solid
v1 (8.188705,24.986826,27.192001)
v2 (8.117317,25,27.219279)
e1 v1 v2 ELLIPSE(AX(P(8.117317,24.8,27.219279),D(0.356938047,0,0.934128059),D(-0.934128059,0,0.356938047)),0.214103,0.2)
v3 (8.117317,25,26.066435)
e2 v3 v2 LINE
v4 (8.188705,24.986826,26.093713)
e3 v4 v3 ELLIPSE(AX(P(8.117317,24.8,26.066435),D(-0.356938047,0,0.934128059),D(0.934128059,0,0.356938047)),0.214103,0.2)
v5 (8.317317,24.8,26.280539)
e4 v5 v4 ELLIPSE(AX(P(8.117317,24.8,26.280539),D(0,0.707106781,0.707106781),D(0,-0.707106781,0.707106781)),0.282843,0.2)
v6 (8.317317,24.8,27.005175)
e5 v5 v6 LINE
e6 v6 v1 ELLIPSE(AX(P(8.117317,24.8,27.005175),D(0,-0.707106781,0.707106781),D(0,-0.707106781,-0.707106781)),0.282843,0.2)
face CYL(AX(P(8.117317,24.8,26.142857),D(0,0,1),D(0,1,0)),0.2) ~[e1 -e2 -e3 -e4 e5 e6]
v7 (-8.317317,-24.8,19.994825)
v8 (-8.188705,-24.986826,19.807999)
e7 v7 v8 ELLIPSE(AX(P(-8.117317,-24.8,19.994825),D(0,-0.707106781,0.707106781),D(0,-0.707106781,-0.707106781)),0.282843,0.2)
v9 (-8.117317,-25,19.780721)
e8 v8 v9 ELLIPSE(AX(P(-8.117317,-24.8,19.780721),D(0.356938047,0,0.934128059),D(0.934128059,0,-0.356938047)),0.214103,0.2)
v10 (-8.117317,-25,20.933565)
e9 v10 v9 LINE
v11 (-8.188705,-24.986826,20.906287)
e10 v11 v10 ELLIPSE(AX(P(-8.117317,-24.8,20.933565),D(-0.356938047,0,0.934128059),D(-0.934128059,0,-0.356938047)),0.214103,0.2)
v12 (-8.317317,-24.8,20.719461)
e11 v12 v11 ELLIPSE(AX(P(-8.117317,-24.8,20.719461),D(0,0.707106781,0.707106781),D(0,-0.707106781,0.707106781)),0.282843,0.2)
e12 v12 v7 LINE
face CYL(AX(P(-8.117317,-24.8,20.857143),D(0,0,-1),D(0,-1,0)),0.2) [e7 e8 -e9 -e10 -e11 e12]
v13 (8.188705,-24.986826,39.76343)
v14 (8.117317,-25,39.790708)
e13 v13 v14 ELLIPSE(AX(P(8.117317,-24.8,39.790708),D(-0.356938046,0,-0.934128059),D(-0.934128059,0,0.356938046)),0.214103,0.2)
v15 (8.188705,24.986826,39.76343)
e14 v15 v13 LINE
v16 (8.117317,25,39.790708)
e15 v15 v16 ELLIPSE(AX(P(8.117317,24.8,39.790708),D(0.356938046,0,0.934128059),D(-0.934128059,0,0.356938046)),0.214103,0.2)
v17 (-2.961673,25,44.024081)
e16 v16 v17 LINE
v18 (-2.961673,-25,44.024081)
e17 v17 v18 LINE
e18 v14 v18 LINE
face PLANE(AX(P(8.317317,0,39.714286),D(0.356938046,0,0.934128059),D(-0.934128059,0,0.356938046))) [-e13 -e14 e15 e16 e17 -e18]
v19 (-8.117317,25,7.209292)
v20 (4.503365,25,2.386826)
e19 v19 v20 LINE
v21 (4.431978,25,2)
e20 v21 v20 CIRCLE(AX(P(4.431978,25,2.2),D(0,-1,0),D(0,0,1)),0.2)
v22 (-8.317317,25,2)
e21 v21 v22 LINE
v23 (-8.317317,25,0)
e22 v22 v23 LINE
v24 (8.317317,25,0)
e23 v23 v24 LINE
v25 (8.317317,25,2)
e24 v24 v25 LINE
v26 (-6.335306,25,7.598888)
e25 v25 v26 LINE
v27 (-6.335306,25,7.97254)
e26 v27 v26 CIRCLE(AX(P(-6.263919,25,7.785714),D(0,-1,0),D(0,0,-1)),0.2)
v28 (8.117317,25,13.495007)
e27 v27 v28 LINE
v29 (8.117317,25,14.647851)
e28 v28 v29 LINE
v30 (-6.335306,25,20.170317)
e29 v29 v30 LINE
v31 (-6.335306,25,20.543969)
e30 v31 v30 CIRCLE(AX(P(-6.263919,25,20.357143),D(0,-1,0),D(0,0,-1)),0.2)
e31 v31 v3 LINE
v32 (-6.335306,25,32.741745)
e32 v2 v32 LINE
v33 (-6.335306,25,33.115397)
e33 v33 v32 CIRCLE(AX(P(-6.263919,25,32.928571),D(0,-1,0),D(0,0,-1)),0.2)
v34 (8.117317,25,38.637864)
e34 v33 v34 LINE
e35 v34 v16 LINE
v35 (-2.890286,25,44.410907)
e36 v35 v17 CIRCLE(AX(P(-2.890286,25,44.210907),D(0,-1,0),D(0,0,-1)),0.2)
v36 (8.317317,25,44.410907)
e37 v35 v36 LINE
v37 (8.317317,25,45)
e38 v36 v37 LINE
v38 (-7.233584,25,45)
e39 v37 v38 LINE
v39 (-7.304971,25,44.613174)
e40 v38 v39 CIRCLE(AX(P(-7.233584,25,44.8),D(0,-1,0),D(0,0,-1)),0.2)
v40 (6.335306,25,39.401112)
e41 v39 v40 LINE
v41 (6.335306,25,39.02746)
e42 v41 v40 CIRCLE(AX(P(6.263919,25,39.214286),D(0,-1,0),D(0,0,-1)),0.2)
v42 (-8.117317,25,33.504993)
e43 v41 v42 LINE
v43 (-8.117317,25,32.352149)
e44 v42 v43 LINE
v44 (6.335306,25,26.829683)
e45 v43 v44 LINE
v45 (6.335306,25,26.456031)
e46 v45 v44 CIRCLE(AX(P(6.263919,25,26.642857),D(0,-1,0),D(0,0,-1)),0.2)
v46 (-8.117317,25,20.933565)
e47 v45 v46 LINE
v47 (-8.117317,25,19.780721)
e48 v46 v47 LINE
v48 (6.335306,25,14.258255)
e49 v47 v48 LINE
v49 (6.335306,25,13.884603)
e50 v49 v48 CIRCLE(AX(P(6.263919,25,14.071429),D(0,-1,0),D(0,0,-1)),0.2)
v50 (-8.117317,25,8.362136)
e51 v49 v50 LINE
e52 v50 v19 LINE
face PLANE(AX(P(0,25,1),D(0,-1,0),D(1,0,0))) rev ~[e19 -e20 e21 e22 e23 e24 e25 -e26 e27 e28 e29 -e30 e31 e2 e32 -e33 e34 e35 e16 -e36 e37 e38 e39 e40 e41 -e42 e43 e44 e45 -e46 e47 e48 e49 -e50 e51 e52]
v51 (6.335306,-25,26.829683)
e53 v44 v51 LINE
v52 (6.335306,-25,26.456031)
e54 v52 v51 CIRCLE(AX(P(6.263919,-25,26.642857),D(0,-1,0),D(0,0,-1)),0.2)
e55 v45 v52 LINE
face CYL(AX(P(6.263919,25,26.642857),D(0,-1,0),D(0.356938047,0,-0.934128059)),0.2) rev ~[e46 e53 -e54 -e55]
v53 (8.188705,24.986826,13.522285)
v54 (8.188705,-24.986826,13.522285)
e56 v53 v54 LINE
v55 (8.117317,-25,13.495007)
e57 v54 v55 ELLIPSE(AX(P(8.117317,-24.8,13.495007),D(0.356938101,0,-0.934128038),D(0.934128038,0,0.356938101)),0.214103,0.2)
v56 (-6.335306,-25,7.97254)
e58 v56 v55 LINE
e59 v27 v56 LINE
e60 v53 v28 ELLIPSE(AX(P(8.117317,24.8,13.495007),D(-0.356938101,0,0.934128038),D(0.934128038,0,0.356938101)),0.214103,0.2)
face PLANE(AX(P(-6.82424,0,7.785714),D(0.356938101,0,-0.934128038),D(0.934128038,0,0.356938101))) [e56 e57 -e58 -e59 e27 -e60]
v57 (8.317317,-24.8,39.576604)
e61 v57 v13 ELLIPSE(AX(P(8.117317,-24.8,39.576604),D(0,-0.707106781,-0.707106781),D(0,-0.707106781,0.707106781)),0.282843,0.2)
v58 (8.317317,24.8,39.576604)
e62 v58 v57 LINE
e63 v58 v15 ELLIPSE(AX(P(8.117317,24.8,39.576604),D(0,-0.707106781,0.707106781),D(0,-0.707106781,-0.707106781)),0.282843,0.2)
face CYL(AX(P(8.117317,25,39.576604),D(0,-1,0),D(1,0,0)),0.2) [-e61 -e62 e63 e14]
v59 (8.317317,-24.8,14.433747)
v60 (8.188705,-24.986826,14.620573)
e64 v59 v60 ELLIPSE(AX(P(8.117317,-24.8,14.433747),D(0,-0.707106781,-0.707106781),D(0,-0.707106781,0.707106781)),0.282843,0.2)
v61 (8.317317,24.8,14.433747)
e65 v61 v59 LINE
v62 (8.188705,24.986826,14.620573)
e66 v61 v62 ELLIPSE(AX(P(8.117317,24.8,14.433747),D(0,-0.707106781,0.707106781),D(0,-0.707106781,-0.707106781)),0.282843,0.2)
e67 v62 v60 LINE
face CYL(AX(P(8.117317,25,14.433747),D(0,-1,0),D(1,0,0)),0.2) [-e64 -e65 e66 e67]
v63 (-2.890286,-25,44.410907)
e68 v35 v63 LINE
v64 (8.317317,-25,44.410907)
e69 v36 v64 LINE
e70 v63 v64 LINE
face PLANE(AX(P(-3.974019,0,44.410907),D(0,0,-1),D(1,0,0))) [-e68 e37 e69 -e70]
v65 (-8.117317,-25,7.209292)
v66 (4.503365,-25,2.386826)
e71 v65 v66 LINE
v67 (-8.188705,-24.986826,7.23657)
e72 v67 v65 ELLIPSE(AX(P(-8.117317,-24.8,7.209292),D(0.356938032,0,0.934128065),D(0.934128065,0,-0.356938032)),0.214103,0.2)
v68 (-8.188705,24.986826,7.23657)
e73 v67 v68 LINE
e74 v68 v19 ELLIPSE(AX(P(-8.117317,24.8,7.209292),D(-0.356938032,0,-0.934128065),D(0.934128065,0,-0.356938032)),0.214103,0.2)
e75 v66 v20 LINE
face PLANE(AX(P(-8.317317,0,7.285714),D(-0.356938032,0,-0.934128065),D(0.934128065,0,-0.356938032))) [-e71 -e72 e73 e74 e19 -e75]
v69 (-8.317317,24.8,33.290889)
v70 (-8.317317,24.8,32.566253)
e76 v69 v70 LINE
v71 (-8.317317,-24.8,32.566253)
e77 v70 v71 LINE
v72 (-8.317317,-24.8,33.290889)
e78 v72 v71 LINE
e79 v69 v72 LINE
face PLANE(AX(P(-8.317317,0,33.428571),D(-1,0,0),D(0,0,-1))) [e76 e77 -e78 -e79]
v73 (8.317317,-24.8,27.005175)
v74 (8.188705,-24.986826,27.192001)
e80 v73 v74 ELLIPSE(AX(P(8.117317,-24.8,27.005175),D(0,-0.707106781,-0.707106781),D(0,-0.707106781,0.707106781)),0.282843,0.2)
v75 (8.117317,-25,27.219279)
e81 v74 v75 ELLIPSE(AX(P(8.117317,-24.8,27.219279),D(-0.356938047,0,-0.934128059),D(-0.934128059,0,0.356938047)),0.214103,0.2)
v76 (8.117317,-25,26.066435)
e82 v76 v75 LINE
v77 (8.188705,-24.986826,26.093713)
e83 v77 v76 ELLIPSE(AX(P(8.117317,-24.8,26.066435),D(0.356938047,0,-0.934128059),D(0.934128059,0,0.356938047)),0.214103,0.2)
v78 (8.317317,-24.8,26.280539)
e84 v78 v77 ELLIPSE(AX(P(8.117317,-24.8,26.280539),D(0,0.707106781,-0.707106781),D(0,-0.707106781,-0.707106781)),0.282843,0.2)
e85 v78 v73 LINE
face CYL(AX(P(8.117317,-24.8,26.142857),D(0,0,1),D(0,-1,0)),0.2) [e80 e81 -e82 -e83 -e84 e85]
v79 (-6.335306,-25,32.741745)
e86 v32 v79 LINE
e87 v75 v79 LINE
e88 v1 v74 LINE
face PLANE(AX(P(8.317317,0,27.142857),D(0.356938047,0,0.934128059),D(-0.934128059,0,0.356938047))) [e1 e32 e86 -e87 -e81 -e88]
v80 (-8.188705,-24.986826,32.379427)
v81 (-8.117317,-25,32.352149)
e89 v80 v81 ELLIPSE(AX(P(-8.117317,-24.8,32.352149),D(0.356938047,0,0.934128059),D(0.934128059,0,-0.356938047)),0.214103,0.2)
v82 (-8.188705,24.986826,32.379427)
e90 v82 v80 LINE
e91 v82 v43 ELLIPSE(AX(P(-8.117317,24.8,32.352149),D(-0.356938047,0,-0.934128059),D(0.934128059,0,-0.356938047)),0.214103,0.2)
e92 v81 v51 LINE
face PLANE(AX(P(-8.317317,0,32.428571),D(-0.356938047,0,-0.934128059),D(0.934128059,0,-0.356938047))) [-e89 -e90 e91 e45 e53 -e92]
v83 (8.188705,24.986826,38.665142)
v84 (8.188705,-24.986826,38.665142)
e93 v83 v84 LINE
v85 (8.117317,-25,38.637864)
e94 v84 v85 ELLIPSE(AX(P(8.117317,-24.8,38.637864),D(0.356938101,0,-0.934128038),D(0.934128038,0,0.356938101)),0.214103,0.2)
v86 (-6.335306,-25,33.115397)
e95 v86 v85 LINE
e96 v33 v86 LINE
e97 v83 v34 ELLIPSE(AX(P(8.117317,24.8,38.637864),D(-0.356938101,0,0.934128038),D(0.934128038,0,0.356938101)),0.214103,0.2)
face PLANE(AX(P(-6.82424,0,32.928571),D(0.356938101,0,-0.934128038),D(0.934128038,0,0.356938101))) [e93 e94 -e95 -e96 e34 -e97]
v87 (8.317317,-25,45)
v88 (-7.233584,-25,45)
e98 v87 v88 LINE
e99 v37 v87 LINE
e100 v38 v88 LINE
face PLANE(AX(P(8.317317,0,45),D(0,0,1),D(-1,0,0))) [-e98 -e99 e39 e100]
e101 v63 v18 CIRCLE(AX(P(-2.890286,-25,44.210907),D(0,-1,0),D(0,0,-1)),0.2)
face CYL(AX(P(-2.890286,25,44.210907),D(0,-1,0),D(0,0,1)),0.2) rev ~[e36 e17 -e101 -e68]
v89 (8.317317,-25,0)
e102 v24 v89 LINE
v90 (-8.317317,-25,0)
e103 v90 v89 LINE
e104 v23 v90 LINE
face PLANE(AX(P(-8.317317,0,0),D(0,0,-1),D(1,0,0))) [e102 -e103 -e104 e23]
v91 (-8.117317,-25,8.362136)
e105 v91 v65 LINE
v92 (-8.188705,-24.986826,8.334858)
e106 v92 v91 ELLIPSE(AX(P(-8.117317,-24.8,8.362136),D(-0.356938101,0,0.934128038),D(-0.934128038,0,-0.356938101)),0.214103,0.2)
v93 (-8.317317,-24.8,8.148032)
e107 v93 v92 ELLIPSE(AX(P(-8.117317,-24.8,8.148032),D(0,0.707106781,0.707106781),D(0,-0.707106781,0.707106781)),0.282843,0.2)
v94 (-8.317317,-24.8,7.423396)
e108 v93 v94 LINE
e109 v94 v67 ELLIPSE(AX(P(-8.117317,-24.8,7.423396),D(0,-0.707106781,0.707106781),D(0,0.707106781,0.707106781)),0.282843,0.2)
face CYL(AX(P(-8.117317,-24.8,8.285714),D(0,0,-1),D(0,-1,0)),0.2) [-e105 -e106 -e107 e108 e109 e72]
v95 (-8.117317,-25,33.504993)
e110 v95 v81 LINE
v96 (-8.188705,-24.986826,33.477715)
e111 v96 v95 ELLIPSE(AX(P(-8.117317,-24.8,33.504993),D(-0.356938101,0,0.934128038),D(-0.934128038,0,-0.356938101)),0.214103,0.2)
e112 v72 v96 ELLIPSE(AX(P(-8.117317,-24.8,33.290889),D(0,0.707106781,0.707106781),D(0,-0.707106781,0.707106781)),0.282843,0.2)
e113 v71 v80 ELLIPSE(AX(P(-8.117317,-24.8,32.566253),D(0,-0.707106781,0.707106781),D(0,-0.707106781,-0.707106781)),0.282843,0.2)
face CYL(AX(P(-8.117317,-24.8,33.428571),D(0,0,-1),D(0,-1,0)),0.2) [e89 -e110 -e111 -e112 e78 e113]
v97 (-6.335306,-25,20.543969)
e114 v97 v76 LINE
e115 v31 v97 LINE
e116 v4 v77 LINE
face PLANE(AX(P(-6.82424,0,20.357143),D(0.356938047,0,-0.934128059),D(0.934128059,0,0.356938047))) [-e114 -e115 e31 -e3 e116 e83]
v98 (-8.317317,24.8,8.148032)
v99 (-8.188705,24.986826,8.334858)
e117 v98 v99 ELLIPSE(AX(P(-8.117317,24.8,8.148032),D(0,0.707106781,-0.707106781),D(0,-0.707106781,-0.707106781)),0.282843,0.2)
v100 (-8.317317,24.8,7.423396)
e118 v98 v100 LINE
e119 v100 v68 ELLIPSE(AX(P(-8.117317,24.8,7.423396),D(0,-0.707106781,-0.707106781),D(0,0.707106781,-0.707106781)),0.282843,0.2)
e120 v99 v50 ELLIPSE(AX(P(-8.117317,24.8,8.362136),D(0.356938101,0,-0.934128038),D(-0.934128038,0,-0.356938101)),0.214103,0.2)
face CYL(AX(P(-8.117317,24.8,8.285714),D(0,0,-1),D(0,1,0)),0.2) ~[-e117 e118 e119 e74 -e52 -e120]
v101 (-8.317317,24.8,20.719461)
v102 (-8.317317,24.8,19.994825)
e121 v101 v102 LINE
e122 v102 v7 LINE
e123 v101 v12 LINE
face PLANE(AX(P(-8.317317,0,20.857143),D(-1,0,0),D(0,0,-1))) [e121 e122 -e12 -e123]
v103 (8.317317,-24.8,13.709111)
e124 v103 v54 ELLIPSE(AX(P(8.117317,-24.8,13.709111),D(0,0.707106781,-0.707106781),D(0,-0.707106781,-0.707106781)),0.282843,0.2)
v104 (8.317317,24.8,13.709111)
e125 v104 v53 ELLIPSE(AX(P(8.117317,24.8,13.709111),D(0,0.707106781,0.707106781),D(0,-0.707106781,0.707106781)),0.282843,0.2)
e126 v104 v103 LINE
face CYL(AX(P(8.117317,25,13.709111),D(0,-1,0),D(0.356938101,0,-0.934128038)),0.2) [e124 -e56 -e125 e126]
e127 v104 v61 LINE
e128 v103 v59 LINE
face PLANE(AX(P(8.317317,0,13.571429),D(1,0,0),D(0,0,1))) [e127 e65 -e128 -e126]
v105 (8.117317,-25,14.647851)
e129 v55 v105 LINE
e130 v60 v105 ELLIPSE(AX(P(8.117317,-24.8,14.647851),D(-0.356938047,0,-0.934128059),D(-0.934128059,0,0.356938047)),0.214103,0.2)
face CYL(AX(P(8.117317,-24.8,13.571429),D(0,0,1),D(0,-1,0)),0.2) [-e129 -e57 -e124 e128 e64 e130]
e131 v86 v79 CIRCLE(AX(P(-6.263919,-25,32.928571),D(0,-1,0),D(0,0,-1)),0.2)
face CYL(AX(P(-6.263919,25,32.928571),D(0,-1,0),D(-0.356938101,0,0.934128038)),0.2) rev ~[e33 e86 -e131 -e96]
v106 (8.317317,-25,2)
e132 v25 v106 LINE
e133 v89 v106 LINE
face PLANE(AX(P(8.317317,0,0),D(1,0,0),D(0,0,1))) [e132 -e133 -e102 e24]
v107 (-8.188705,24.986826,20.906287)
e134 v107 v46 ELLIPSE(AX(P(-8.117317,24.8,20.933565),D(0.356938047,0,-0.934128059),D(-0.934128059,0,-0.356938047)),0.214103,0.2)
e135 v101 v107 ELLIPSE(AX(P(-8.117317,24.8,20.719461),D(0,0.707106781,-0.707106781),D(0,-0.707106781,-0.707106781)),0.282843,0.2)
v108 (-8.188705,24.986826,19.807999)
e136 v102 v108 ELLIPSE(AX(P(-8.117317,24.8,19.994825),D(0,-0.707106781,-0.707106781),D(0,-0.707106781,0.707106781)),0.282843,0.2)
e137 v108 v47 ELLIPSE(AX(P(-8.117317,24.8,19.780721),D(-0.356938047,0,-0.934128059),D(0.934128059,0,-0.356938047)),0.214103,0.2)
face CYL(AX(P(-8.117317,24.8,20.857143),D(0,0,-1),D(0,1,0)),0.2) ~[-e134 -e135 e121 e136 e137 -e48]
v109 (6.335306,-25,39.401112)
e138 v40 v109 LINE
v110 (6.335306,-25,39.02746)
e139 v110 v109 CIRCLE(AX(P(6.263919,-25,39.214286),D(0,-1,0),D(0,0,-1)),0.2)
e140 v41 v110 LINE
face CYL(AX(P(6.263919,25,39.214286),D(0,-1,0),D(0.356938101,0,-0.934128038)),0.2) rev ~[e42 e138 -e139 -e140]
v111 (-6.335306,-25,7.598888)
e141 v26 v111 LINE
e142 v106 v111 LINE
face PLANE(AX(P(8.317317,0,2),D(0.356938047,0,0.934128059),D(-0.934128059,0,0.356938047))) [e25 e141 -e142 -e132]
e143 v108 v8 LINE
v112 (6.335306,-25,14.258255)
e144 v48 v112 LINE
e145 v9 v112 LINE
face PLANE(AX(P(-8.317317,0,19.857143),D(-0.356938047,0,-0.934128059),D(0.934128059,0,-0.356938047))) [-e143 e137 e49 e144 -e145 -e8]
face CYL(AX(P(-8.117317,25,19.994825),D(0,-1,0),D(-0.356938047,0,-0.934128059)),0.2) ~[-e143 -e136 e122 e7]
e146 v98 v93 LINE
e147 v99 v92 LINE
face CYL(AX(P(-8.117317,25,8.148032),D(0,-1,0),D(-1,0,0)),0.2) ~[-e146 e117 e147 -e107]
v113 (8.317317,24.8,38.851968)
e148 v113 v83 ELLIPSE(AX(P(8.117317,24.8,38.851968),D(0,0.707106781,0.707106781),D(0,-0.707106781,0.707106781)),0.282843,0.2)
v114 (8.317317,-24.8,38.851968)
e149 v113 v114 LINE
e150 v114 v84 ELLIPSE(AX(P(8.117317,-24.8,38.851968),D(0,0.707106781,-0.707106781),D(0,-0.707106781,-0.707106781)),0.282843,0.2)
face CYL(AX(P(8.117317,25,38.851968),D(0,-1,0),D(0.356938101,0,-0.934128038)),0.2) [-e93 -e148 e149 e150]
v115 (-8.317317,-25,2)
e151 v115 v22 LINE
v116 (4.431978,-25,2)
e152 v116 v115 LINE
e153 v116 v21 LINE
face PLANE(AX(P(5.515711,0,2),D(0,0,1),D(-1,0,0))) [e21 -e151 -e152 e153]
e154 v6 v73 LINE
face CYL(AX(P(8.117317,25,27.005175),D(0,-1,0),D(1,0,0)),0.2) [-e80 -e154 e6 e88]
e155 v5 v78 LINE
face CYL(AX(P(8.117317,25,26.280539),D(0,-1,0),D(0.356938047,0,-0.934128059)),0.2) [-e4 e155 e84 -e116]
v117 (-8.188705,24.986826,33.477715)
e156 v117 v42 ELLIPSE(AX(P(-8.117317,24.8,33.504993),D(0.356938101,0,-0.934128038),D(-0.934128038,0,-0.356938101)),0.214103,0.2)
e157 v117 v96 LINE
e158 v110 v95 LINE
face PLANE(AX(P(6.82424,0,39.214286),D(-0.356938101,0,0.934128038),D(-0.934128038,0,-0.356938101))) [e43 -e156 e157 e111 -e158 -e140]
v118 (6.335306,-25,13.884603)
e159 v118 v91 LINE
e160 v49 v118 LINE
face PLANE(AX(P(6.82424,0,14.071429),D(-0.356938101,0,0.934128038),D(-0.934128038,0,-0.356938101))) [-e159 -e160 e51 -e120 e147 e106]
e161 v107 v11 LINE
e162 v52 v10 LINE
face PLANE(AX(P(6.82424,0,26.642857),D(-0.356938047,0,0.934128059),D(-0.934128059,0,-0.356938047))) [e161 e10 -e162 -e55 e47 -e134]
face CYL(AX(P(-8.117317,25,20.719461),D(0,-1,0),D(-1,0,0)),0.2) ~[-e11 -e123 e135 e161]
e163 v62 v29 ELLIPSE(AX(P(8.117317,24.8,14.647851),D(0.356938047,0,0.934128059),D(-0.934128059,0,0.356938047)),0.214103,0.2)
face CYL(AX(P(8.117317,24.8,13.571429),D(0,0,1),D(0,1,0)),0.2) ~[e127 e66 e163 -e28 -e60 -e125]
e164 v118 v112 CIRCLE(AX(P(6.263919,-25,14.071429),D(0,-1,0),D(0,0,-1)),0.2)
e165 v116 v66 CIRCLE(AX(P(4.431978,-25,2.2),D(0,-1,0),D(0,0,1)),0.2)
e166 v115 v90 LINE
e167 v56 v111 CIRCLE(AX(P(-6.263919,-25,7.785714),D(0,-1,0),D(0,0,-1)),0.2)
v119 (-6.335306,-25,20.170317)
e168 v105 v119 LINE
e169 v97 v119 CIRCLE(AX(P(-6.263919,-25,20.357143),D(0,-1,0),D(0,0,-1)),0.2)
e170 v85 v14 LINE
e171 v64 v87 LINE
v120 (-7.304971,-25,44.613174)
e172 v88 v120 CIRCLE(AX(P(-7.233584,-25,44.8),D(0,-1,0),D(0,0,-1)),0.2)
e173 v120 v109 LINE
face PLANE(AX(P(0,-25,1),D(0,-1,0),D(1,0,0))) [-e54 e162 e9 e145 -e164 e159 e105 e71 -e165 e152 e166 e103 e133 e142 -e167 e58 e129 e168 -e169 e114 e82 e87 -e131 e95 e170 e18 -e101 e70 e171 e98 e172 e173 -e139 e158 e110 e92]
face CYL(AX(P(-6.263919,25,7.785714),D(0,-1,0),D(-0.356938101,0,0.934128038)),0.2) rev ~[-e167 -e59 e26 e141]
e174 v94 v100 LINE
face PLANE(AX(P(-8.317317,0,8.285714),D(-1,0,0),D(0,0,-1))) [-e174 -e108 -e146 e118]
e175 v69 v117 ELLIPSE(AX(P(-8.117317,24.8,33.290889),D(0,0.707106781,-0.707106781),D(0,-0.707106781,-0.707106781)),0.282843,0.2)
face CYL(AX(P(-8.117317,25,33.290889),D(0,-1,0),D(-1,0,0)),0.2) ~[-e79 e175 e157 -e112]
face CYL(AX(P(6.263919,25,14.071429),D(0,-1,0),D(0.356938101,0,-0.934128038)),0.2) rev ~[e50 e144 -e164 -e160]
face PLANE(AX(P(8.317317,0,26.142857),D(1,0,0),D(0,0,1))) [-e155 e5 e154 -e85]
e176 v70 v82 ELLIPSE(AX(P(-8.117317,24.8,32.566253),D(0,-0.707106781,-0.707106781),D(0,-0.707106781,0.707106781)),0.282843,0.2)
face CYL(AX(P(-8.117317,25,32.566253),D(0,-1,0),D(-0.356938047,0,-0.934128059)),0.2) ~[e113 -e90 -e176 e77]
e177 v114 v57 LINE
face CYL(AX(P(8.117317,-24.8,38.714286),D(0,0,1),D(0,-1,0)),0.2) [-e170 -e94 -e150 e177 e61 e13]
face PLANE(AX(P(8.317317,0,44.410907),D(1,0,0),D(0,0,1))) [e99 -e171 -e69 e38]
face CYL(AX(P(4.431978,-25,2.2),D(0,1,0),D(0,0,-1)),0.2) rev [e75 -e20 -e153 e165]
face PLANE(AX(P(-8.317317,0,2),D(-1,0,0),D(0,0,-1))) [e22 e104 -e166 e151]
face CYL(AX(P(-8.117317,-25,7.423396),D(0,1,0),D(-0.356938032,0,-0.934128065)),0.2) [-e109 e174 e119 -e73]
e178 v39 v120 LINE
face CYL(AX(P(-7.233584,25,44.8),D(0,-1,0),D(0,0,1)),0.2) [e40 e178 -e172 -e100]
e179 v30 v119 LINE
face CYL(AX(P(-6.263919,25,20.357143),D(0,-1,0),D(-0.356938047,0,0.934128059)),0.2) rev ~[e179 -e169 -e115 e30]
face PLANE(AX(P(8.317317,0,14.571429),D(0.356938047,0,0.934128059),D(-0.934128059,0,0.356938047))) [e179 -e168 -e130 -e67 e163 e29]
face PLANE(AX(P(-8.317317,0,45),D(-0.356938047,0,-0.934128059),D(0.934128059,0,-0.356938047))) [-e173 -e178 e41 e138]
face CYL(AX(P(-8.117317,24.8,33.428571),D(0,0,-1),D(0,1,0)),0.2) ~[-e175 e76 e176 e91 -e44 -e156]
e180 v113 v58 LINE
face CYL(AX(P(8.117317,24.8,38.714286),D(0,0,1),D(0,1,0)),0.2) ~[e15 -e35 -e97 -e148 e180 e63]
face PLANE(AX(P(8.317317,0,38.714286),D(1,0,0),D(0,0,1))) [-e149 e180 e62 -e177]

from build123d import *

# Parameters (mm, degrees)
F1_DEPTH = 25
F2_R     = 0.2
F3_R     = 0.2


with BuildPart() as f1:
    # F0 (on Front) → F1 (new body, symmetric)
    with BuildSketch(Plane.XZ):
        Polygon((-8.317317, 2), (-8.317317, 0), (8.317317, 0), (8.317317, 2), (5.515711, 2), align=None)
        Polygon((-8.317317, 7.285714), (5.515711, 2), (8.317317, 2), (-6.82424, 7.785714), (8.317317, 13.571429), (8.317317, 14.571429), (-6.82424, 20.357143), (8.317317, 26.142857), (8.317317, 27.142857), (-6.82424, 32.928571), (8.317317, 38.714286), (8.317317, 39.714286), (-3.974019, 44.410907), (8.317317, 44.410907), (8.317317, 45), (-8.317317, 45), (6.82424, 39.214286), (-8.317317, 33.428571), (-8.317317, 32.428571), (6.82424, 26.642857), (-8.317317, 20.857143), (-8.317317, 19.857143), (6.82424, 14.071429), (-8.317317, 8.285714), align=None)
    extrude(amount=F1_DEPTH, both=True)

    # F2
    f2_edges = [f1.edges().sort_by_distance(p)[0] for p in [
        (-6.82424, 0, 32.928571),
        (-3.974019, 0, 44.410907),
        (-6.82424, 0, 20.357143),
        (-6.82424, 0, 7.785714),
        (5.515711, 0, 2),
        (6.82424, 0, 14.071429),
        (6.82424, 0, 26.642857),
        (6.82424, 0, 39.214286),
    ]]
    fillet(f2_edges, radius=F2_R)

    # F3
    f3_edges = [f1.edges().sort_by_distance(p)[0] for p in [
        (-8.317317, 0, 8.285714),
        (-8.317317, 25, 7.785714),
        (-8.317317, 0, 7.285714),
        (-8.317317, -25, 7.785714),
        (-8.317317, 0, 20.857143),
        (-8.317317, 25, 20.357143),
        (-8.317317, 0, 19.857143),
        (-8.317317, -25, 20.357143),
        (-8.317317, 25, 32.928571),
        (-8.317317, 0, 32.428571),
        (-8.317317, -25, 32.928571),
        (-8.317317, 0, 33.428571),
        (-8.317317, 0, 45),
        (8.317317, 0, 38.714286),
        (8.317317, 25, 39.214286),
        (8.317317, 0, 39.714286),
        (8.317317, -25, 39.214286),
        (8.317317, 0, 26.142857),
        (8.317317, 25, 26.642857),
        (8.317317, 0, 27.142857),
        (8.317317, -25, 26.642857),
        (8.317317, 0, 13.571429),
        (8.317317, 25, 14.071429),
        (8.317317, 0, 14.571429),
        (8.317317, -25, 14.071429),
    ]]
    fillet(f3_edges, radius=F3_R)


solid = f1.part
